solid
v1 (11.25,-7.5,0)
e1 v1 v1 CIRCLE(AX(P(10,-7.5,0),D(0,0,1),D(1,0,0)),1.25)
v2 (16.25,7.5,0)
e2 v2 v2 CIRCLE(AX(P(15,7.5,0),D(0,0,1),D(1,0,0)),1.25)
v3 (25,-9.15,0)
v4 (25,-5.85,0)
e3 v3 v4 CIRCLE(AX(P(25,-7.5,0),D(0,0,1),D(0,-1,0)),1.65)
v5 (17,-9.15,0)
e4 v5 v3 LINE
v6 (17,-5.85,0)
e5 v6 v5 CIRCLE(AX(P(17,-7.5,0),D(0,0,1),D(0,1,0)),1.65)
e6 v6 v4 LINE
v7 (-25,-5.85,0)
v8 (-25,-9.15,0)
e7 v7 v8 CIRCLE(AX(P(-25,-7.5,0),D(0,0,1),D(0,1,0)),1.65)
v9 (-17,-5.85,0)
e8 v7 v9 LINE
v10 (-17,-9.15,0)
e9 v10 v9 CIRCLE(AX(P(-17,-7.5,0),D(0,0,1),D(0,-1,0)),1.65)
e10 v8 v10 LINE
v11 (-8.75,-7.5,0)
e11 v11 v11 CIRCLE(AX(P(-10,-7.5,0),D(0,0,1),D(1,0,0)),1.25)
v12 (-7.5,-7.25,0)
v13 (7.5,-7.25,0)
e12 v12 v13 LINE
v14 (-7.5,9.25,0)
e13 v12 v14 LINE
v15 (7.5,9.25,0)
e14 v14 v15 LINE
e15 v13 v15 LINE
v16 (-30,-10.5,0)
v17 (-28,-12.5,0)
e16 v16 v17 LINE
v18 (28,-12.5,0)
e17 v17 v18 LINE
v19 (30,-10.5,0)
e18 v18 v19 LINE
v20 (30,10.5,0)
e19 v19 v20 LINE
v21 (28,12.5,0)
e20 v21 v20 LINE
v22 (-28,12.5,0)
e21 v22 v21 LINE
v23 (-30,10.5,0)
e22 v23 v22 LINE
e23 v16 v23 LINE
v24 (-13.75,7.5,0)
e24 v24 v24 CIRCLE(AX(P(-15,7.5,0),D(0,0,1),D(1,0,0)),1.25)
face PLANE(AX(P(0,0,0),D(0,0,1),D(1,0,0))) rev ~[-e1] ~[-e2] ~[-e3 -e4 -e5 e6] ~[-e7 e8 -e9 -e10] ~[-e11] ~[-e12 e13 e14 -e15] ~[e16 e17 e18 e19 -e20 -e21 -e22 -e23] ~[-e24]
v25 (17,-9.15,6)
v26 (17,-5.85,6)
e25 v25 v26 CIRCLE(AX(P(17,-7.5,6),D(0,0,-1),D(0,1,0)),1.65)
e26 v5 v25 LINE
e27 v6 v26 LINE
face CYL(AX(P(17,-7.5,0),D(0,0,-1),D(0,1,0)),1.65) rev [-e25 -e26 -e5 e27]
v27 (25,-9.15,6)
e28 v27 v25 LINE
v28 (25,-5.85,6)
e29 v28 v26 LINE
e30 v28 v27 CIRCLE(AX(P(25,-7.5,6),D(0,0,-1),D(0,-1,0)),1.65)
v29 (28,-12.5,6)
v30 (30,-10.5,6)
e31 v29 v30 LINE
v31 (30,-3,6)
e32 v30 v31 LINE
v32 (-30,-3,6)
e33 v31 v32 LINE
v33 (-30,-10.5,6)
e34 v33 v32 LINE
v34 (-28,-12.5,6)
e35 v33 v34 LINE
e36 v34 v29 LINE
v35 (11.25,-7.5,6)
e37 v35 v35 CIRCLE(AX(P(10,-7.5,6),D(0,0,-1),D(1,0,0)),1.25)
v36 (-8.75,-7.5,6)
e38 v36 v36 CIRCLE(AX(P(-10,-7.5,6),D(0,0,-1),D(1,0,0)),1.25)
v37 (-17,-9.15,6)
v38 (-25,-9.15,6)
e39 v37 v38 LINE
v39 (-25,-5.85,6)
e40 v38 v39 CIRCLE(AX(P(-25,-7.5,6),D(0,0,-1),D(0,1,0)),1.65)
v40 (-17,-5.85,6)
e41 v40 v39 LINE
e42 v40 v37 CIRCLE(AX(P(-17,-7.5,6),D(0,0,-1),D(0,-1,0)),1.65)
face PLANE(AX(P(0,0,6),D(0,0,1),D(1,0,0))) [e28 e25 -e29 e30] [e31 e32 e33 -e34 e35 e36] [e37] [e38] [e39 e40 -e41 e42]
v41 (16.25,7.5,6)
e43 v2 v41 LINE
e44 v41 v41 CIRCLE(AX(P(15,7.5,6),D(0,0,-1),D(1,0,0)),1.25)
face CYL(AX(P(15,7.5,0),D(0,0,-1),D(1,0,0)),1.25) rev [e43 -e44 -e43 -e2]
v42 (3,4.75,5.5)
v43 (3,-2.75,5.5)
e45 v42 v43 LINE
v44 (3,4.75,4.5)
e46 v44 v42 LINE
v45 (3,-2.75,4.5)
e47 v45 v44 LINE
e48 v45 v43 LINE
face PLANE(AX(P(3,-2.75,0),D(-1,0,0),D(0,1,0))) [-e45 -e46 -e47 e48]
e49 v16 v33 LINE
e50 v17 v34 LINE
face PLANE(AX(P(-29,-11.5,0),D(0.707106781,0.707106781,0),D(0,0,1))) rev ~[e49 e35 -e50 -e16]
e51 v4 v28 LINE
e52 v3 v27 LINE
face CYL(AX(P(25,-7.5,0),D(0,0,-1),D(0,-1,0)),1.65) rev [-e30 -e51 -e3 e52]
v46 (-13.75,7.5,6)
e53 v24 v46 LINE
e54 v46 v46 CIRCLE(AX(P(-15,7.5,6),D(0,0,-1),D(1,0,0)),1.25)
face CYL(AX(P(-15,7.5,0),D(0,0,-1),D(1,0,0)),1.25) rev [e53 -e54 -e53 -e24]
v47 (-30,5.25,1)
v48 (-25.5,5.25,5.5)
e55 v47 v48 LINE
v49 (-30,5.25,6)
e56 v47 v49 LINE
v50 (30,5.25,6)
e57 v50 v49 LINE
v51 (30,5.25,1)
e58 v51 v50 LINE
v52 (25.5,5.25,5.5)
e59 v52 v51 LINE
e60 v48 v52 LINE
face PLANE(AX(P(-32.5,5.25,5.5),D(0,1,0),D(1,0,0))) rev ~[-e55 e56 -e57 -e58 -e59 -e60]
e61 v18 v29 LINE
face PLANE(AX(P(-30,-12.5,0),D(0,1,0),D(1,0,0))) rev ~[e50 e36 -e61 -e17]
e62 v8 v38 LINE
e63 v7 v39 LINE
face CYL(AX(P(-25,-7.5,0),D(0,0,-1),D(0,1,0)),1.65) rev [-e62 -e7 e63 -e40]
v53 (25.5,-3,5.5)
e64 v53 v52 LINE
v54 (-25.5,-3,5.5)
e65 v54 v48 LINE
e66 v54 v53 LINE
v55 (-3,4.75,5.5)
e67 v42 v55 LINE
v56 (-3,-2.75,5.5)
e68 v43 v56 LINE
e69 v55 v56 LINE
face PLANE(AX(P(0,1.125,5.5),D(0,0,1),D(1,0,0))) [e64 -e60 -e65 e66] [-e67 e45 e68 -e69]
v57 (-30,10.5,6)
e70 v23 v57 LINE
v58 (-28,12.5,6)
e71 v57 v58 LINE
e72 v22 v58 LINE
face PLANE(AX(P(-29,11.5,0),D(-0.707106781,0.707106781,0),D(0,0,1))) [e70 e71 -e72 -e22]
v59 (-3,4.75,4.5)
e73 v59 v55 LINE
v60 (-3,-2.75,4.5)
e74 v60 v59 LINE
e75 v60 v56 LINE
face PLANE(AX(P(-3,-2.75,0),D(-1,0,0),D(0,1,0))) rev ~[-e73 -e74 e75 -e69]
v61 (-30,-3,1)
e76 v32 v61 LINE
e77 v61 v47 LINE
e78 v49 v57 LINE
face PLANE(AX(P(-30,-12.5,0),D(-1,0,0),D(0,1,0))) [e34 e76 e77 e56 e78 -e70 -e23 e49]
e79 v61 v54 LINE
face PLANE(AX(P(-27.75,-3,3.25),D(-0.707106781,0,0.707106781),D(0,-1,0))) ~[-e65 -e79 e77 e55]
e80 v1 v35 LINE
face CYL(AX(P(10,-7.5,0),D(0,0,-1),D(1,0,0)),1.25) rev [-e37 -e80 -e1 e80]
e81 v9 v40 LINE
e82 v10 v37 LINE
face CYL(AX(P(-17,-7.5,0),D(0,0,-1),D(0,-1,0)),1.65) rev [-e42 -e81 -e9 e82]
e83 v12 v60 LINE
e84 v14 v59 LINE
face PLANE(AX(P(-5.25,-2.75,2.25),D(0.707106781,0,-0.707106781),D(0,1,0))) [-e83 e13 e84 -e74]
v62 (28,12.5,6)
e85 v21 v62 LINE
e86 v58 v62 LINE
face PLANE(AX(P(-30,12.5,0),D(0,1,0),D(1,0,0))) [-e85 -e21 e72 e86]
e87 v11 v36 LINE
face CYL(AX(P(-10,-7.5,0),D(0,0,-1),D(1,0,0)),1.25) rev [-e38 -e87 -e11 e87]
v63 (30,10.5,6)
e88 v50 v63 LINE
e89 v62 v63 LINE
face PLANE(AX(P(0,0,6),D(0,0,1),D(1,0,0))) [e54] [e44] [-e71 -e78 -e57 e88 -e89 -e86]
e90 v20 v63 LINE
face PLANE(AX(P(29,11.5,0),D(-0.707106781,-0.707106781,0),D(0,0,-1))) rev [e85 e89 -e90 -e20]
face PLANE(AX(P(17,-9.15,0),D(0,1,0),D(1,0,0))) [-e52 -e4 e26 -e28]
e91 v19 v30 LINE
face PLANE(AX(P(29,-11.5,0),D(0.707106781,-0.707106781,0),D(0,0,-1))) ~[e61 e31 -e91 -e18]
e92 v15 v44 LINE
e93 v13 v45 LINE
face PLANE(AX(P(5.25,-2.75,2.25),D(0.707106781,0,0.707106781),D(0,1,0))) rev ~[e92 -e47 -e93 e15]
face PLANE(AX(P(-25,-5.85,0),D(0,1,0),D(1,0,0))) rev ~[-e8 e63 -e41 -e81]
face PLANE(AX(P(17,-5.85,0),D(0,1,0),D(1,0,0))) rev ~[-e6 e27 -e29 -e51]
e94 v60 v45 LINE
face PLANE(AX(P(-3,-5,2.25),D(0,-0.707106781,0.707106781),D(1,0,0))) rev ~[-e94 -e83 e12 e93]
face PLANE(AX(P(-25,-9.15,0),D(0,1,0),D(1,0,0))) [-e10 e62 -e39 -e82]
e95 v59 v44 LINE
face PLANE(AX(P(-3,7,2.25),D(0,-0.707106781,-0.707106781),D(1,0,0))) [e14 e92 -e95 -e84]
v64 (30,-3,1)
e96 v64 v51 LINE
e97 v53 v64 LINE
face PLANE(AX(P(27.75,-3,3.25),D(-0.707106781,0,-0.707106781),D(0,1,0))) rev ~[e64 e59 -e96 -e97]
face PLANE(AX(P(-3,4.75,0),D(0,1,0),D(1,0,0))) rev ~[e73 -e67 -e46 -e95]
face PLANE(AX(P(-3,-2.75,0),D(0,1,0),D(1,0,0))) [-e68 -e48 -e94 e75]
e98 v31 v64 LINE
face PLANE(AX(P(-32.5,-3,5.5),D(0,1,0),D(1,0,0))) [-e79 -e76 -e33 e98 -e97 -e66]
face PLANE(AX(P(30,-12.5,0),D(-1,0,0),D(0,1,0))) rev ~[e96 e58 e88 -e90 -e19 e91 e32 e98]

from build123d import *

# Parameters (mm, degrees)
SKETCH_W        = 60
SKETCH_H        = 25
PAD_DEPTH       = 6
SKETCH001_W     = 65
SKETCH001_H     = 8.25
POCKET_DEPTH    = 1
SKETCH002_W     = 6
SKETCH002_H     = 7.5
POCKET001_DEPTH = 10
CHAMFER_SIZE    = 4.5
SKETCH006_R     = 1.25
HOLE001_DEPTH   = 15
CHAMFER002_SIZE = 2
POCKET006_DEPTH = 10


with BuildPart() as part:
    # Sketch → Pad (new body)
    with BuildSketch(Plane.XY):
        Rectangle(SKETCH_W, SKETCH_H)
    extrude(amount=PAD_DEPTH)

    # Sketch001 → Pocket (cut)
    with BuildSketch(Plane.XY.offset(5.5)):
        with Locations((0, 1.125)):
            Rectangle(SKETCH001_W, SKETCH001_H)
    extrude(amount=POCKET_DEPTH, mode=Mode.SUBTRACT)

    # Sketch002 → Pocket001 (cut)
    with BuildSketch(Plane.XY):
        with Locations((0, 1)):
            Rectangle(SKETCH002_W, SKETCH002_H)
    extrude(amount=POCKET001_DEPTH, mode=Mode.SUBTRACT)

    # Chamfer
    chamfer_edges = [part.edges().sort_by_distance(p)[0] for p in [
        (0, 4.75, 0),
        (-3, 1, 0),
        (0, -2.75, 0),
        (3, 1, 0),
        (-30, 1.125, 5.5),
        (30, 1.125, 5.5),
    ]]
    chamfer(chamfer_edges, length=CHAMFER_SIZE)

    # Sketch006 → Hole001 (cut)
    with BuildSketch(Plane.XY):
        with Locations((-15, 7.5)):
            Circle(SKETCH006_R)
        with Locations((15, 7.5)):
            Circle(SKETCH006_R)
        with Locations((-10, -7.5)):
            Circle(SKETCH006_R)
        with Locations((10, -7.5)):
            Circle(SKETCH006_R)
    extrude(amount=HOLE001_DEPTH, mode=Mode.SUBTRACT)

    # Chamfer002
    chamfer002_edges = [part.edges().sort_by_distance(p)[0] for p in [
        (-30, -12.5, 3),
        (-30, 12.5, 3),
        (30, -12.5, 3),
        (30, 12.5, 3),
    ]]
    chamfer(chamfer002_edges, length=CHAMFER002_SIZE)

    # Sketch015 → Pocket006 (cut)
    with BuildSketch(Plane.XY):
        with BuildLine():
            ThreePointArc((-25, -5.85), (-26.65, -7.5), (-25, -9.15))
            Line((-25, -9.15), (-17, -9.15))
            ThreePointArc((-17, -9.15), (-15.35, -7.5), (-17, -5.85))
            Line((-25, -5.85), (-17, -5.85))
        make_face()
        with BuildLine():
            ThreePointArc((17, -5.85), (15.35, -7.5), (17, -9.15))
            Line((17, -9.15), (25, -9.15))
            ThreePointArc((25, -9.15), (26.65, -7.5), (25, -5.85))
            Line((17, -5.85), (25, -5.85))
        make_face()
    extrude(amount=POCKET006_DEPTH, mode=Mode.SUBTRACT)


solid = part.part
